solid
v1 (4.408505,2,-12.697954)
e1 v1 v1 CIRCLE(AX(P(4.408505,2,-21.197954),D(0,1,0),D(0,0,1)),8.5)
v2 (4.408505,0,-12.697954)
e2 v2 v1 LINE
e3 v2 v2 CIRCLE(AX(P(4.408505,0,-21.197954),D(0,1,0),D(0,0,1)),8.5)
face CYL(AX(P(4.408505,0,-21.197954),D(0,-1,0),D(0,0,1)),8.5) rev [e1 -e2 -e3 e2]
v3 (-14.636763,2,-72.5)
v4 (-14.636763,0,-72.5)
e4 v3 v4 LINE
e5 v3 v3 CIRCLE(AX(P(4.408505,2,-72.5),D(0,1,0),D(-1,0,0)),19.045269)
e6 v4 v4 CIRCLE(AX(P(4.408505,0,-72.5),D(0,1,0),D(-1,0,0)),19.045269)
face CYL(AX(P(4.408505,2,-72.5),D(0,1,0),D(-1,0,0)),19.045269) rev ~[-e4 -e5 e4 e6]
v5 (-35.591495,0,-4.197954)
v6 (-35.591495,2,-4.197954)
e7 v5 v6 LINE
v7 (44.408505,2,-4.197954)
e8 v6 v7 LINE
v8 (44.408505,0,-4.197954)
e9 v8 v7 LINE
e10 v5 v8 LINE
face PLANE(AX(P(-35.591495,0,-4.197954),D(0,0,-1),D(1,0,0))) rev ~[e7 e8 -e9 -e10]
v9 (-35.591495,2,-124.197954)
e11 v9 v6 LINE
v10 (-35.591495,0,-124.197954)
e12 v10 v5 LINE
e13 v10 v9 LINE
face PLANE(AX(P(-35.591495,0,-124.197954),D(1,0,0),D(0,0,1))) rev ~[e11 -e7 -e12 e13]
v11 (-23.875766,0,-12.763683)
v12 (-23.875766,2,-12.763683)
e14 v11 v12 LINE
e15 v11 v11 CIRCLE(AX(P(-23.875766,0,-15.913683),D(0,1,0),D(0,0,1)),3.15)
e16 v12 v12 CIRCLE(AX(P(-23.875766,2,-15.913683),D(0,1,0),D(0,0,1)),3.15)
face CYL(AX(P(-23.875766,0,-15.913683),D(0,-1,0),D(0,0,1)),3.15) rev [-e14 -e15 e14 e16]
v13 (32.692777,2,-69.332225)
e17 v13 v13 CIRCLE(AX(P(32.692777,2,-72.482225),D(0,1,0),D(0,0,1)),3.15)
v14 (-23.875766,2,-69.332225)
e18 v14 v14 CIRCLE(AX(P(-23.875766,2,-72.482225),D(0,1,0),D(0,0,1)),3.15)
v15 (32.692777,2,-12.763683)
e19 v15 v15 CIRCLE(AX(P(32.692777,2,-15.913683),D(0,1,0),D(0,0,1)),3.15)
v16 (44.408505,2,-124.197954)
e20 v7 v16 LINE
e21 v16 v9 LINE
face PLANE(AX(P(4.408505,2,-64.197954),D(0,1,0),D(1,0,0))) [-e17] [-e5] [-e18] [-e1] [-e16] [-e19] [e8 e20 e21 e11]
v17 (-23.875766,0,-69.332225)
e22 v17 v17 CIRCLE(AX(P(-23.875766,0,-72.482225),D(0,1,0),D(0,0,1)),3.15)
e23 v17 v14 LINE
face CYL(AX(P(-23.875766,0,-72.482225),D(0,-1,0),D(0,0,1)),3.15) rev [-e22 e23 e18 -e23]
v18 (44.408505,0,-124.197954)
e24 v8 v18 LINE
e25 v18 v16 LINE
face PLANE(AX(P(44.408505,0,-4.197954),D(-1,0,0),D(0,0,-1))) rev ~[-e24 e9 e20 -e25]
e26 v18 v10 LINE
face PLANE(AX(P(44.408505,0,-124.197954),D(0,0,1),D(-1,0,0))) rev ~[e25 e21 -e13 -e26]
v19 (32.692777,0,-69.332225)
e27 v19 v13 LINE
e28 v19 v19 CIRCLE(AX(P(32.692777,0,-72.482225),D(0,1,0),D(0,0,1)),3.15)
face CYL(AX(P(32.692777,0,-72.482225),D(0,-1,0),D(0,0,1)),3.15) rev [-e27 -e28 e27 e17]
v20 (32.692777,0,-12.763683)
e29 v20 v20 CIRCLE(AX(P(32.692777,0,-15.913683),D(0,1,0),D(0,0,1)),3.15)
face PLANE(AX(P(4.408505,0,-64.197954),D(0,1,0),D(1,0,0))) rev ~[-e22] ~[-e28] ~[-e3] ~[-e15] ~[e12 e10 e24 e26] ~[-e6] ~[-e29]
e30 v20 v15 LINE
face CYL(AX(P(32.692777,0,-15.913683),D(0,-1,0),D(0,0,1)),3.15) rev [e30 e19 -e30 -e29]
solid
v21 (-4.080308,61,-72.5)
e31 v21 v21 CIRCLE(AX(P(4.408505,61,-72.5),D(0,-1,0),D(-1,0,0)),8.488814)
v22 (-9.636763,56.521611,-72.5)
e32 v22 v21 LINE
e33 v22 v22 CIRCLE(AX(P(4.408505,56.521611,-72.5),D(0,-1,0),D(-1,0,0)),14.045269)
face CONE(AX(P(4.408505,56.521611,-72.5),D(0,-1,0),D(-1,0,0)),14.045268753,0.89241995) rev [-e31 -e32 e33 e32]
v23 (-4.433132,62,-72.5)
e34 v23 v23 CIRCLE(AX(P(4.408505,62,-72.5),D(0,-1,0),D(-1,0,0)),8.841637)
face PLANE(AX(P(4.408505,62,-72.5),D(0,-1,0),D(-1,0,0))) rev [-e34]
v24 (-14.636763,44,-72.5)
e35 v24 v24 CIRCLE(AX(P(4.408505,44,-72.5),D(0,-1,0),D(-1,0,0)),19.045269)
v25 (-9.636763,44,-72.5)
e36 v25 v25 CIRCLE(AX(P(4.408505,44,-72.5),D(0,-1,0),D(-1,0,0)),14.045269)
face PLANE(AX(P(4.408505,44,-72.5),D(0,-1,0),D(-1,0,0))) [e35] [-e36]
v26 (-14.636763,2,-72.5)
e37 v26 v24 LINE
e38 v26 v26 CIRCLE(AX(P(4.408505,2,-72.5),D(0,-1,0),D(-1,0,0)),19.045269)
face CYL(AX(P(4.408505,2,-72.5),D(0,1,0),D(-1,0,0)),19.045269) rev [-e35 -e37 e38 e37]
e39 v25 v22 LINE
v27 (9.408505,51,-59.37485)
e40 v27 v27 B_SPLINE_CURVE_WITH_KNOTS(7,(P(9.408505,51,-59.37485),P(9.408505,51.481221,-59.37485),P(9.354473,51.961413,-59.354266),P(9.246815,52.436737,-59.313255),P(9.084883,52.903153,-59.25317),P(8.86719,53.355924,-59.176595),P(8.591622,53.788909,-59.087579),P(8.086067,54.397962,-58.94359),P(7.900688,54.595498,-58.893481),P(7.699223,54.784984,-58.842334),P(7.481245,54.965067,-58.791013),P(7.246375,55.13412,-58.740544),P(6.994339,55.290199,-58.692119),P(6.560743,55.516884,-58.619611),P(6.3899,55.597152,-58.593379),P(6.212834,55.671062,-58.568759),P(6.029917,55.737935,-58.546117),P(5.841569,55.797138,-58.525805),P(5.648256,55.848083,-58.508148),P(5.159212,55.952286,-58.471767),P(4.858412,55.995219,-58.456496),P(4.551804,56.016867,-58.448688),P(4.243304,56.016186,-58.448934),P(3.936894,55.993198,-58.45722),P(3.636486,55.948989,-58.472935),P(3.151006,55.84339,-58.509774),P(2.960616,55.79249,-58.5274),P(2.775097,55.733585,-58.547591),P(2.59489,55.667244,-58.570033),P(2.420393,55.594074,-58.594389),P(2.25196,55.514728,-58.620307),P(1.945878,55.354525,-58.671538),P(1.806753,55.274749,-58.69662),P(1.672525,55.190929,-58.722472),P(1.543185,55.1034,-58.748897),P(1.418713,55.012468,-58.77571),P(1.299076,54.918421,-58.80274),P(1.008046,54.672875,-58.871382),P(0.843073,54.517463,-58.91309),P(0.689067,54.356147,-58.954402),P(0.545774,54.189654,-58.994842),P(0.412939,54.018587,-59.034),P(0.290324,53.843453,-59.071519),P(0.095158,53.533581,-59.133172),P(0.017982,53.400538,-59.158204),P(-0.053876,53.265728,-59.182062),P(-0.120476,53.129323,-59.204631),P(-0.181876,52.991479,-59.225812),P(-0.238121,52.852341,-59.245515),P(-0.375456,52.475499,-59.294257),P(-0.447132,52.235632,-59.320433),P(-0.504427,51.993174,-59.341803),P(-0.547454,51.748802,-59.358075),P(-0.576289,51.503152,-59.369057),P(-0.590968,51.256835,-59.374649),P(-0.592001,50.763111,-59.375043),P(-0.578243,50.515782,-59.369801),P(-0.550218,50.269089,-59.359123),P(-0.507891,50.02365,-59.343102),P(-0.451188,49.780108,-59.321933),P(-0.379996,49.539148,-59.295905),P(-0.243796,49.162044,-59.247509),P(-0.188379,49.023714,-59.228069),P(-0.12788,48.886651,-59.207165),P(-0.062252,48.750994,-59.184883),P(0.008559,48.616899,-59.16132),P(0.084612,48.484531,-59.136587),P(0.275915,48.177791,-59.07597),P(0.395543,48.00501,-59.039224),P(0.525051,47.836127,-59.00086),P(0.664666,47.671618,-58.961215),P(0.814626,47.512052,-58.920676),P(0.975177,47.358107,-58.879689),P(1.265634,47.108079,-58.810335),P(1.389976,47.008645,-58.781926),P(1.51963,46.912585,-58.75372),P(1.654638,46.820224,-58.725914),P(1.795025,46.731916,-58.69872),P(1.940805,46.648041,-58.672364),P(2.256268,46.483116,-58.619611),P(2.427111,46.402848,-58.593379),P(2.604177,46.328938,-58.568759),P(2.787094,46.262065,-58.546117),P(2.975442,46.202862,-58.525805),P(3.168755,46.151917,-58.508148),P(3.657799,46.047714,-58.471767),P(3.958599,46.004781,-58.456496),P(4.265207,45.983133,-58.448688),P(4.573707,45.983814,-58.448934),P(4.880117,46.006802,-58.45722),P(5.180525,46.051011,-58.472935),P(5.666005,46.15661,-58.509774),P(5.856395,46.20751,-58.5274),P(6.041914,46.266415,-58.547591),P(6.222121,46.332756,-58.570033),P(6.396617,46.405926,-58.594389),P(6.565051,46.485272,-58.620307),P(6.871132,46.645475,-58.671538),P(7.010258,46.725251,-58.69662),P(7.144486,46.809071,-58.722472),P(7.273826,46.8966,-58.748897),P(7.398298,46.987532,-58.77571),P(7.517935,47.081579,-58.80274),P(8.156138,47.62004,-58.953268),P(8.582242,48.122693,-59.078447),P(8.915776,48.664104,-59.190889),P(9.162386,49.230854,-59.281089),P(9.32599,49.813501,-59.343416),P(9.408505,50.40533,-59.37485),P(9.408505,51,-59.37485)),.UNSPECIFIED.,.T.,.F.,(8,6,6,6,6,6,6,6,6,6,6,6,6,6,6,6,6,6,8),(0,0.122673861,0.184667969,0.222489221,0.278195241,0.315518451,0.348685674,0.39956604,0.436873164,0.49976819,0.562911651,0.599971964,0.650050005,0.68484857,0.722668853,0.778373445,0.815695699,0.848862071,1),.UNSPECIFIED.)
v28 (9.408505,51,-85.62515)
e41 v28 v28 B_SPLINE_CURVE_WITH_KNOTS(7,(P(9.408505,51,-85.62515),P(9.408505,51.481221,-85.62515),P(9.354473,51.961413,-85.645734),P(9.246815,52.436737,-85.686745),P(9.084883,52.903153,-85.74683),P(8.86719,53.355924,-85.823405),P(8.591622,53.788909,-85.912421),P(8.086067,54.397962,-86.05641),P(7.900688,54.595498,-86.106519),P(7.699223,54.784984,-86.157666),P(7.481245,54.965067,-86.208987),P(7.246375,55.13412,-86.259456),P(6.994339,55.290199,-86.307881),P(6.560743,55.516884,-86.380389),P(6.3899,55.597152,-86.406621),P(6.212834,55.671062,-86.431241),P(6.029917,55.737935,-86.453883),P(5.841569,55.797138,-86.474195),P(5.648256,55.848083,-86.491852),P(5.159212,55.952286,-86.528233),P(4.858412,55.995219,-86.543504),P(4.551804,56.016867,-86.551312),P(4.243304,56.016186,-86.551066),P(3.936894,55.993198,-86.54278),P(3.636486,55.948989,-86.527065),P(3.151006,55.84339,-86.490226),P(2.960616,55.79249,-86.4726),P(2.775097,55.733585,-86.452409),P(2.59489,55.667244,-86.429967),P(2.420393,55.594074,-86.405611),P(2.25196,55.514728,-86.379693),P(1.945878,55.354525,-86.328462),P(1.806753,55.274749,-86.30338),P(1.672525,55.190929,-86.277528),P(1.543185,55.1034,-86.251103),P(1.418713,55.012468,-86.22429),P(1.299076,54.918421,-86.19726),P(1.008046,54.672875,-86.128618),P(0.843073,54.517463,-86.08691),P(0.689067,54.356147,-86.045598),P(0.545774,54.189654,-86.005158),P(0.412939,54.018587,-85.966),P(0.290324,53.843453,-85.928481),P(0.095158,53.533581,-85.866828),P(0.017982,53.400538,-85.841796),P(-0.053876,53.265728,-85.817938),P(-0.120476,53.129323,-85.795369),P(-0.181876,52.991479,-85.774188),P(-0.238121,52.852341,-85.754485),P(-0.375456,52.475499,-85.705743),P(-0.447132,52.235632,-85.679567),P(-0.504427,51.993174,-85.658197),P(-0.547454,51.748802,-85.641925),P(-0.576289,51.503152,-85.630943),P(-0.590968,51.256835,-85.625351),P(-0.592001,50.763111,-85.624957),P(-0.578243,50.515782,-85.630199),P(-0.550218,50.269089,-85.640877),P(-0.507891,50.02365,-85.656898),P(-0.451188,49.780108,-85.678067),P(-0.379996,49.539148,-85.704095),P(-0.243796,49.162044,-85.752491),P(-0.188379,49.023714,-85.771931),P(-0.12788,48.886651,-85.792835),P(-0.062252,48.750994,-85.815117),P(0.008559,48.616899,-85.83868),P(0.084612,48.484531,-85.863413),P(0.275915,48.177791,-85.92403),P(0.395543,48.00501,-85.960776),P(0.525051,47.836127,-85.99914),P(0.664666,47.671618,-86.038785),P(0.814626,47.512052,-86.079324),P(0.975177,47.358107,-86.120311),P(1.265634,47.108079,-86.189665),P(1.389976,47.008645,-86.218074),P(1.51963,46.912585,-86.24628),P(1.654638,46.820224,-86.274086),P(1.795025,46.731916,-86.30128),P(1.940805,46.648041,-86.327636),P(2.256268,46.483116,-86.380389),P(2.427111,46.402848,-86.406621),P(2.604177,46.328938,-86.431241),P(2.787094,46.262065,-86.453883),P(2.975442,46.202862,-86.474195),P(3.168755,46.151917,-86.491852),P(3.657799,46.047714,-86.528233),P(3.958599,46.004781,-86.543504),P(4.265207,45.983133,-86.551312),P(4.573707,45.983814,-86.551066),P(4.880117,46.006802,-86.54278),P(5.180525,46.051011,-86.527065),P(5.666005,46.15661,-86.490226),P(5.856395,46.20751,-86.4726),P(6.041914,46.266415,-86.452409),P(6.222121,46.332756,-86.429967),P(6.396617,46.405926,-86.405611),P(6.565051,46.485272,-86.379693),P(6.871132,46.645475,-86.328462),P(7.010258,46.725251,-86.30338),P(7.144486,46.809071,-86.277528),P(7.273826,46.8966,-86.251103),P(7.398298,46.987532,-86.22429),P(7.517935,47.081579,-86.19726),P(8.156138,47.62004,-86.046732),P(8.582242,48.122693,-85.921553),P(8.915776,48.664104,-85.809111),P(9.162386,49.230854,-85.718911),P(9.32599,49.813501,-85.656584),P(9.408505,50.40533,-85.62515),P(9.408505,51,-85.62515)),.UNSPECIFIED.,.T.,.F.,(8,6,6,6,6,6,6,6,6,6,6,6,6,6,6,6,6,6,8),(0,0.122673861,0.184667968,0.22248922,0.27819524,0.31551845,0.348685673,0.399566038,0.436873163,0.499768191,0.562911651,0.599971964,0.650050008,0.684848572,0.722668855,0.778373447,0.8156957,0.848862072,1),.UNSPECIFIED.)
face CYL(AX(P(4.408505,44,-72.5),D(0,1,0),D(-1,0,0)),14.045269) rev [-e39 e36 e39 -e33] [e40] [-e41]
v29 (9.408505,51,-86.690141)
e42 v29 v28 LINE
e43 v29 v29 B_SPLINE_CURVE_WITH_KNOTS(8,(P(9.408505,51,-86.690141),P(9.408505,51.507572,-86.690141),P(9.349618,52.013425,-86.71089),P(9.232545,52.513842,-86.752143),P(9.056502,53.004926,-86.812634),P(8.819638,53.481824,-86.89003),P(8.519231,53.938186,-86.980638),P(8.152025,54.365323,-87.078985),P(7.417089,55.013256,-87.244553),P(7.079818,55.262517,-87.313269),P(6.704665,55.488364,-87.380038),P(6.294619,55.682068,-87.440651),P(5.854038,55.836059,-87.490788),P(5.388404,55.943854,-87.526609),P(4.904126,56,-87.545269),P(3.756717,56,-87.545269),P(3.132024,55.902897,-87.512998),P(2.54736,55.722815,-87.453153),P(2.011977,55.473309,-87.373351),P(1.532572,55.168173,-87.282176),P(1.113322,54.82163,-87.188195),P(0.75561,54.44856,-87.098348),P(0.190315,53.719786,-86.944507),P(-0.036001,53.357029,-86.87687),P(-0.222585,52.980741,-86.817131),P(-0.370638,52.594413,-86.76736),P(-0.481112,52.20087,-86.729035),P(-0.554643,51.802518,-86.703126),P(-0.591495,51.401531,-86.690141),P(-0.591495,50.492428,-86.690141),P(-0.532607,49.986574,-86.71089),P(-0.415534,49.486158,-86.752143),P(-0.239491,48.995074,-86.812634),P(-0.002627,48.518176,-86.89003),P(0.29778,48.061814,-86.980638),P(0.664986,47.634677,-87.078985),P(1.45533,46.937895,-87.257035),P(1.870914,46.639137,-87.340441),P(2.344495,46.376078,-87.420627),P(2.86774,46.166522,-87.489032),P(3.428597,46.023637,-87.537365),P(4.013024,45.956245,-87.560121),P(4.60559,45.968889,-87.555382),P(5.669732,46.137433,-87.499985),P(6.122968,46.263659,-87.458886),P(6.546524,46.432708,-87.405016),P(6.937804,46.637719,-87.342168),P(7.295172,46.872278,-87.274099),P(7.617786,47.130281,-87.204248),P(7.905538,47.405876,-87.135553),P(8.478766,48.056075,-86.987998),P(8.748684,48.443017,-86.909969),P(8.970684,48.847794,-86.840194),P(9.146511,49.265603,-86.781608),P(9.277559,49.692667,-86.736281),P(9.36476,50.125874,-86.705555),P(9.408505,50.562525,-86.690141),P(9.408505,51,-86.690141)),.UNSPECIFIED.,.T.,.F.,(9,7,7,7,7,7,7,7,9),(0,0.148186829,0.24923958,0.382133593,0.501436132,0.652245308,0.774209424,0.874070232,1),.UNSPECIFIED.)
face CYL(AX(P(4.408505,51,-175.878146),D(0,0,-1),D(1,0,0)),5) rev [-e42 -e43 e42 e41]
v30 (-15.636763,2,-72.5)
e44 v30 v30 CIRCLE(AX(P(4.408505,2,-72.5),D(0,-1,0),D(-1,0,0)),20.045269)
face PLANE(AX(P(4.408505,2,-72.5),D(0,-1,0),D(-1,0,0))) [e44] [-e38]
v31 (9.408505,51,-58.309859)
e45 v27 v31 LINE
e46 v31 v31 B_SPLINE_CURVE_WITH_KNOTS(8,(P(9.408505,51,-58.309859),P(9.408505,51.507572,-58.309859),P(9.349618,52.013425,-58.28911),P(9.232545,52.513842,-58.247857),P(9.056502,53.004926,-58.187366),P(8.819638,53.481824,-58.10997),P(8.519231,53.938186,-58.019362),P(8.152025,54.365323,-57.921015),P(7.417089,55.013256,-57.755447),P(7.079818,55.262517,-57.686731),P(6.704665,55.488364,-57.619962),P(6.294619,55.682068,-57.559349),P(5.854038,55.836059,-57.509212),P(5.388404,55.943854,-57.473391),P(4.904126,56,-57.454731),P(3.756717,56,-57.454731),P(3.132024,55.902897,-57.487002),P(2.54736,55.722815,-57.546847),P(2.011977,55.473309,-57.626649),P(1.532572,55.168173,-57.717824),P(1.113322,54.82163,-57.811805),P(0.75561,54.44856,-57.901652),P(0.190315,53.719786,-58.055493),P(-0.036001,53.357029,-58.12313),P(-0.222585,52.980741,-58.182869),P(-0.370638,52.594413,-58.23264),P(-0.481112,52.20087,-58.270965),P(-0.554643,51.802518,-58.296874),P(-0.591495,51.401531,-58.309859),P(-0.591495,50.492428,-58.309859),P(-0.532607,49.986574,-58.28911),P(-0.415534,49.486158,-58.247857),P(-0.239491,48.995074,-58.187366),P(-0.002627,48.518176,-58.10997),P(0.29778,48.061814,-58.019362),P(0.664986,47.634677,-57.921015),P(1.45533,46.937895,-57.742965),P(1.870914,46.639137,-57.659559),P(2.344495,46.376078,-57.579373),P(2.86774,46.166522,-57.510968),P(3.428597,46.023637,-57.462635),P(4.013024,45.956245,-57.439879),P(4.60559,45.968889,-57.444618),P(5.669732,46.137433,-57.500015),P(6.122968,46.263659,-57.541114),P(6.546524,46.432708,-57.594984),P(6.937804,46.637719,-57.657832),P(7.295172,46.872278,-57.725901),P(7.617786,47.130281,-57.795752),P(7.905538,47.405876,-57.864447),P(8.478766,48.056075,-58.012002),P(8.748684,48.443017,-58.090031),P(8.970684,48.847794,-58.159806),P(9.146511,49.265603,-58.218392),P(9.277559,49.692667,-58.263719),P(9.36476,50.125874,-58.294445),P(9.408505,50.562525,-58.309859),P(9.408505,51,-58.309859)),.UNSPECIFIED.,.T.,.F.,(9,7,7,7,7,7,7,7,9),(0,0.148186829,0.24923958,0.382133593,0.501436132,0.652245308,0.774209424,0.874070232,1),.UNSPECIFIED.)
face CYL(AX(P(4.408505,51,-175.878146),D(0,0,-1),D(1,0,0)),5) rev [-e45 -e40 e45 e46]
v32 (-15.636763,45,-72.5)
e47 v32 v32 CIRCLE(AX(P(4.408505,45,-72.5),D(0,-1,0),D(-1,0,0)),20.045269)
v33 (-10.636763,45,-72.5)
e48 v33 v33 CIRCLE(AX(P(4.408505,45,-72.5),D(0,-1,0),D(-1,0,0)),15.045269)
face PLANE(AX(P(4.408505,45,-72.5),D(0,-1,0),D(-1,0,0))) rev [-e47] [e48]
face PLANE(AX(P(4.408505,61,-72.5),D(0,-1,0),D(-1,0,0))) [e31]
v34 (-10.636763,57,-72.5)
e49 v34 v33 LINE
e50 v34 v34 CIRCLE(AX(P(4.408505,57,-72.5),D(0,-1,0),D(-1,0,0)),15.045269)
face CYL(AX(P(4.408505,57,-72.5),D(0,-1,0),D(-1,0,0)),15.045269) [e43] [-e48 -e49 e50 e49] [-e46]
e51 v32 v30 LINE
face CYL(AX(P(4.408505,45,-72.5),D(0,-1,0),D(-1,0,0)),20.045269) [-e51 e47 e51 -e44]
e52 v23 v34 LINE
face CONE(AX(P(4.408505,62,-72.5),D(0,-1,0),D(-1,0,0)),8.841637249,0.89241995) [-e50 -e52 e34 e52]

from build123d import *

# Parameters (mm, degrees)
SKETCH1_R               = 3.15
SKETCH1_R_2             = 8.5
BOSS_EXTRUDE1_DEPTH     = 2
CUT_EXTRUDE1_DEPTH      = 103.378146357
CUT_EXTRUDE1_DEPTH_BACK = 103.378146357
SKETCH3_R               = 5
SKETCH4_R               = 19.045268753
CUT_EXTRUDE2_DEPTH      = 145.904268766


with BuildPart() as part:
    # Sketch1 → Boss-Extrude1 (new body)
    with BuildSketch(Plane(origin=(0, 0, 0), x_dir=(1, 0, 0), z_dir=(0, 1, 0))):
        Polygon((-35.591494606, 84.19795391), (-35.591494606, 4.19795391), (44.408505394, 4.19795391), (44.408505394, 84.19795391), (44.408505394, 124.19795391), (-35.591494606, 124.19795391), align=None)
        with Locations(Location((-23.875765854, 72.482225157, 0), (0, 0, 270))):
            Circle(SKETCH1_R, mode=Mode.SUBTRACT)
        with Locations(Location((4.408505394, 21.19795391, 0), (0, 0, 270))):
            Circle(SKETCH1_R_2, mode=Mode.SUBTRACT)
        with Locations(Location((32.692776641, 72.482225157, 0), (0, 0, 270))):
            Circle(SKETCH1_R, mode=Mode.SUBTRACT)
        with Locations(Location((-23.875765854, 15.913682662, 0), (0, 0, 270))):
            Circle(SKETCH1_R, mode=Mode.SUBTRACT)
        with Locations(Location((32.692776641, 15.913682662, 0), (0, 0, 270))):
            Circle(SKETCH1_R, mode=Mode.SUBTRACT)
    extrude(amount=BOSS_EXTRUDE1_DEPTH)

    # Sketch4 → Cut-Extrude2 (cut, through all)
    with BuildSketch(Plane(origin=(0, 2, 0), x_dir=(1, 0, 0), z_dir=(0, 1, 0))):
        with Locations(Location((4.408505394, 72.5, 0), (0, 0, 180))):
            Circle(SKETCH4_R)
    extrude(amount=-CUT_EXTRUDE2_DEPTH, mode=Mode.SUBTRACT)


with BuildPart() as body_2:
    # Sketch2 → Revolve1 (revolve)
    with BuildSketch(Plane.XY.offset(-72.5), mode=Mode.PRIVATE) as revolve1_sk:
        Polygon((4.408505394, 62), (13.250142643, 62), (19.453774147, 57), (19.453774147, 45), (24.453774147, 45), (24.453774147, 2), (23.453774147, 2), (23.453774147, 44), (18.453774147, 44), (18.453774147, 56.521610812), (12.897318897, 61), (4.408505394, 61), align=None)
    revolve(revolve1_sk.sketch.rotate(Axis((4.408505394, 20.129467617, -72.5), (0, -1, 0)), 180), axis=Axis((4.408505394, 20.129467617, -72.5), (0, -1, 0)))

    # Sketch3 → Cut-Extrude1 (cut, two sides: drawn at the far end of the back side and taken through both)
    with BuildSketch(Plane.XY.offset(-72.5).offset(-CUT_EXTRUDE1_DEPTH_BACK)):
        with Locations((4.408505394, 51)):
            Circle(SKETCH3_R)
    extrude(amount=CUT_EXTRUDE1_DEPTH + CUT_EXTRUDE1_DEPTH_BACK, mode=Mode.SUBTRACT)


solid = Compound([part.part, body_2.part])
